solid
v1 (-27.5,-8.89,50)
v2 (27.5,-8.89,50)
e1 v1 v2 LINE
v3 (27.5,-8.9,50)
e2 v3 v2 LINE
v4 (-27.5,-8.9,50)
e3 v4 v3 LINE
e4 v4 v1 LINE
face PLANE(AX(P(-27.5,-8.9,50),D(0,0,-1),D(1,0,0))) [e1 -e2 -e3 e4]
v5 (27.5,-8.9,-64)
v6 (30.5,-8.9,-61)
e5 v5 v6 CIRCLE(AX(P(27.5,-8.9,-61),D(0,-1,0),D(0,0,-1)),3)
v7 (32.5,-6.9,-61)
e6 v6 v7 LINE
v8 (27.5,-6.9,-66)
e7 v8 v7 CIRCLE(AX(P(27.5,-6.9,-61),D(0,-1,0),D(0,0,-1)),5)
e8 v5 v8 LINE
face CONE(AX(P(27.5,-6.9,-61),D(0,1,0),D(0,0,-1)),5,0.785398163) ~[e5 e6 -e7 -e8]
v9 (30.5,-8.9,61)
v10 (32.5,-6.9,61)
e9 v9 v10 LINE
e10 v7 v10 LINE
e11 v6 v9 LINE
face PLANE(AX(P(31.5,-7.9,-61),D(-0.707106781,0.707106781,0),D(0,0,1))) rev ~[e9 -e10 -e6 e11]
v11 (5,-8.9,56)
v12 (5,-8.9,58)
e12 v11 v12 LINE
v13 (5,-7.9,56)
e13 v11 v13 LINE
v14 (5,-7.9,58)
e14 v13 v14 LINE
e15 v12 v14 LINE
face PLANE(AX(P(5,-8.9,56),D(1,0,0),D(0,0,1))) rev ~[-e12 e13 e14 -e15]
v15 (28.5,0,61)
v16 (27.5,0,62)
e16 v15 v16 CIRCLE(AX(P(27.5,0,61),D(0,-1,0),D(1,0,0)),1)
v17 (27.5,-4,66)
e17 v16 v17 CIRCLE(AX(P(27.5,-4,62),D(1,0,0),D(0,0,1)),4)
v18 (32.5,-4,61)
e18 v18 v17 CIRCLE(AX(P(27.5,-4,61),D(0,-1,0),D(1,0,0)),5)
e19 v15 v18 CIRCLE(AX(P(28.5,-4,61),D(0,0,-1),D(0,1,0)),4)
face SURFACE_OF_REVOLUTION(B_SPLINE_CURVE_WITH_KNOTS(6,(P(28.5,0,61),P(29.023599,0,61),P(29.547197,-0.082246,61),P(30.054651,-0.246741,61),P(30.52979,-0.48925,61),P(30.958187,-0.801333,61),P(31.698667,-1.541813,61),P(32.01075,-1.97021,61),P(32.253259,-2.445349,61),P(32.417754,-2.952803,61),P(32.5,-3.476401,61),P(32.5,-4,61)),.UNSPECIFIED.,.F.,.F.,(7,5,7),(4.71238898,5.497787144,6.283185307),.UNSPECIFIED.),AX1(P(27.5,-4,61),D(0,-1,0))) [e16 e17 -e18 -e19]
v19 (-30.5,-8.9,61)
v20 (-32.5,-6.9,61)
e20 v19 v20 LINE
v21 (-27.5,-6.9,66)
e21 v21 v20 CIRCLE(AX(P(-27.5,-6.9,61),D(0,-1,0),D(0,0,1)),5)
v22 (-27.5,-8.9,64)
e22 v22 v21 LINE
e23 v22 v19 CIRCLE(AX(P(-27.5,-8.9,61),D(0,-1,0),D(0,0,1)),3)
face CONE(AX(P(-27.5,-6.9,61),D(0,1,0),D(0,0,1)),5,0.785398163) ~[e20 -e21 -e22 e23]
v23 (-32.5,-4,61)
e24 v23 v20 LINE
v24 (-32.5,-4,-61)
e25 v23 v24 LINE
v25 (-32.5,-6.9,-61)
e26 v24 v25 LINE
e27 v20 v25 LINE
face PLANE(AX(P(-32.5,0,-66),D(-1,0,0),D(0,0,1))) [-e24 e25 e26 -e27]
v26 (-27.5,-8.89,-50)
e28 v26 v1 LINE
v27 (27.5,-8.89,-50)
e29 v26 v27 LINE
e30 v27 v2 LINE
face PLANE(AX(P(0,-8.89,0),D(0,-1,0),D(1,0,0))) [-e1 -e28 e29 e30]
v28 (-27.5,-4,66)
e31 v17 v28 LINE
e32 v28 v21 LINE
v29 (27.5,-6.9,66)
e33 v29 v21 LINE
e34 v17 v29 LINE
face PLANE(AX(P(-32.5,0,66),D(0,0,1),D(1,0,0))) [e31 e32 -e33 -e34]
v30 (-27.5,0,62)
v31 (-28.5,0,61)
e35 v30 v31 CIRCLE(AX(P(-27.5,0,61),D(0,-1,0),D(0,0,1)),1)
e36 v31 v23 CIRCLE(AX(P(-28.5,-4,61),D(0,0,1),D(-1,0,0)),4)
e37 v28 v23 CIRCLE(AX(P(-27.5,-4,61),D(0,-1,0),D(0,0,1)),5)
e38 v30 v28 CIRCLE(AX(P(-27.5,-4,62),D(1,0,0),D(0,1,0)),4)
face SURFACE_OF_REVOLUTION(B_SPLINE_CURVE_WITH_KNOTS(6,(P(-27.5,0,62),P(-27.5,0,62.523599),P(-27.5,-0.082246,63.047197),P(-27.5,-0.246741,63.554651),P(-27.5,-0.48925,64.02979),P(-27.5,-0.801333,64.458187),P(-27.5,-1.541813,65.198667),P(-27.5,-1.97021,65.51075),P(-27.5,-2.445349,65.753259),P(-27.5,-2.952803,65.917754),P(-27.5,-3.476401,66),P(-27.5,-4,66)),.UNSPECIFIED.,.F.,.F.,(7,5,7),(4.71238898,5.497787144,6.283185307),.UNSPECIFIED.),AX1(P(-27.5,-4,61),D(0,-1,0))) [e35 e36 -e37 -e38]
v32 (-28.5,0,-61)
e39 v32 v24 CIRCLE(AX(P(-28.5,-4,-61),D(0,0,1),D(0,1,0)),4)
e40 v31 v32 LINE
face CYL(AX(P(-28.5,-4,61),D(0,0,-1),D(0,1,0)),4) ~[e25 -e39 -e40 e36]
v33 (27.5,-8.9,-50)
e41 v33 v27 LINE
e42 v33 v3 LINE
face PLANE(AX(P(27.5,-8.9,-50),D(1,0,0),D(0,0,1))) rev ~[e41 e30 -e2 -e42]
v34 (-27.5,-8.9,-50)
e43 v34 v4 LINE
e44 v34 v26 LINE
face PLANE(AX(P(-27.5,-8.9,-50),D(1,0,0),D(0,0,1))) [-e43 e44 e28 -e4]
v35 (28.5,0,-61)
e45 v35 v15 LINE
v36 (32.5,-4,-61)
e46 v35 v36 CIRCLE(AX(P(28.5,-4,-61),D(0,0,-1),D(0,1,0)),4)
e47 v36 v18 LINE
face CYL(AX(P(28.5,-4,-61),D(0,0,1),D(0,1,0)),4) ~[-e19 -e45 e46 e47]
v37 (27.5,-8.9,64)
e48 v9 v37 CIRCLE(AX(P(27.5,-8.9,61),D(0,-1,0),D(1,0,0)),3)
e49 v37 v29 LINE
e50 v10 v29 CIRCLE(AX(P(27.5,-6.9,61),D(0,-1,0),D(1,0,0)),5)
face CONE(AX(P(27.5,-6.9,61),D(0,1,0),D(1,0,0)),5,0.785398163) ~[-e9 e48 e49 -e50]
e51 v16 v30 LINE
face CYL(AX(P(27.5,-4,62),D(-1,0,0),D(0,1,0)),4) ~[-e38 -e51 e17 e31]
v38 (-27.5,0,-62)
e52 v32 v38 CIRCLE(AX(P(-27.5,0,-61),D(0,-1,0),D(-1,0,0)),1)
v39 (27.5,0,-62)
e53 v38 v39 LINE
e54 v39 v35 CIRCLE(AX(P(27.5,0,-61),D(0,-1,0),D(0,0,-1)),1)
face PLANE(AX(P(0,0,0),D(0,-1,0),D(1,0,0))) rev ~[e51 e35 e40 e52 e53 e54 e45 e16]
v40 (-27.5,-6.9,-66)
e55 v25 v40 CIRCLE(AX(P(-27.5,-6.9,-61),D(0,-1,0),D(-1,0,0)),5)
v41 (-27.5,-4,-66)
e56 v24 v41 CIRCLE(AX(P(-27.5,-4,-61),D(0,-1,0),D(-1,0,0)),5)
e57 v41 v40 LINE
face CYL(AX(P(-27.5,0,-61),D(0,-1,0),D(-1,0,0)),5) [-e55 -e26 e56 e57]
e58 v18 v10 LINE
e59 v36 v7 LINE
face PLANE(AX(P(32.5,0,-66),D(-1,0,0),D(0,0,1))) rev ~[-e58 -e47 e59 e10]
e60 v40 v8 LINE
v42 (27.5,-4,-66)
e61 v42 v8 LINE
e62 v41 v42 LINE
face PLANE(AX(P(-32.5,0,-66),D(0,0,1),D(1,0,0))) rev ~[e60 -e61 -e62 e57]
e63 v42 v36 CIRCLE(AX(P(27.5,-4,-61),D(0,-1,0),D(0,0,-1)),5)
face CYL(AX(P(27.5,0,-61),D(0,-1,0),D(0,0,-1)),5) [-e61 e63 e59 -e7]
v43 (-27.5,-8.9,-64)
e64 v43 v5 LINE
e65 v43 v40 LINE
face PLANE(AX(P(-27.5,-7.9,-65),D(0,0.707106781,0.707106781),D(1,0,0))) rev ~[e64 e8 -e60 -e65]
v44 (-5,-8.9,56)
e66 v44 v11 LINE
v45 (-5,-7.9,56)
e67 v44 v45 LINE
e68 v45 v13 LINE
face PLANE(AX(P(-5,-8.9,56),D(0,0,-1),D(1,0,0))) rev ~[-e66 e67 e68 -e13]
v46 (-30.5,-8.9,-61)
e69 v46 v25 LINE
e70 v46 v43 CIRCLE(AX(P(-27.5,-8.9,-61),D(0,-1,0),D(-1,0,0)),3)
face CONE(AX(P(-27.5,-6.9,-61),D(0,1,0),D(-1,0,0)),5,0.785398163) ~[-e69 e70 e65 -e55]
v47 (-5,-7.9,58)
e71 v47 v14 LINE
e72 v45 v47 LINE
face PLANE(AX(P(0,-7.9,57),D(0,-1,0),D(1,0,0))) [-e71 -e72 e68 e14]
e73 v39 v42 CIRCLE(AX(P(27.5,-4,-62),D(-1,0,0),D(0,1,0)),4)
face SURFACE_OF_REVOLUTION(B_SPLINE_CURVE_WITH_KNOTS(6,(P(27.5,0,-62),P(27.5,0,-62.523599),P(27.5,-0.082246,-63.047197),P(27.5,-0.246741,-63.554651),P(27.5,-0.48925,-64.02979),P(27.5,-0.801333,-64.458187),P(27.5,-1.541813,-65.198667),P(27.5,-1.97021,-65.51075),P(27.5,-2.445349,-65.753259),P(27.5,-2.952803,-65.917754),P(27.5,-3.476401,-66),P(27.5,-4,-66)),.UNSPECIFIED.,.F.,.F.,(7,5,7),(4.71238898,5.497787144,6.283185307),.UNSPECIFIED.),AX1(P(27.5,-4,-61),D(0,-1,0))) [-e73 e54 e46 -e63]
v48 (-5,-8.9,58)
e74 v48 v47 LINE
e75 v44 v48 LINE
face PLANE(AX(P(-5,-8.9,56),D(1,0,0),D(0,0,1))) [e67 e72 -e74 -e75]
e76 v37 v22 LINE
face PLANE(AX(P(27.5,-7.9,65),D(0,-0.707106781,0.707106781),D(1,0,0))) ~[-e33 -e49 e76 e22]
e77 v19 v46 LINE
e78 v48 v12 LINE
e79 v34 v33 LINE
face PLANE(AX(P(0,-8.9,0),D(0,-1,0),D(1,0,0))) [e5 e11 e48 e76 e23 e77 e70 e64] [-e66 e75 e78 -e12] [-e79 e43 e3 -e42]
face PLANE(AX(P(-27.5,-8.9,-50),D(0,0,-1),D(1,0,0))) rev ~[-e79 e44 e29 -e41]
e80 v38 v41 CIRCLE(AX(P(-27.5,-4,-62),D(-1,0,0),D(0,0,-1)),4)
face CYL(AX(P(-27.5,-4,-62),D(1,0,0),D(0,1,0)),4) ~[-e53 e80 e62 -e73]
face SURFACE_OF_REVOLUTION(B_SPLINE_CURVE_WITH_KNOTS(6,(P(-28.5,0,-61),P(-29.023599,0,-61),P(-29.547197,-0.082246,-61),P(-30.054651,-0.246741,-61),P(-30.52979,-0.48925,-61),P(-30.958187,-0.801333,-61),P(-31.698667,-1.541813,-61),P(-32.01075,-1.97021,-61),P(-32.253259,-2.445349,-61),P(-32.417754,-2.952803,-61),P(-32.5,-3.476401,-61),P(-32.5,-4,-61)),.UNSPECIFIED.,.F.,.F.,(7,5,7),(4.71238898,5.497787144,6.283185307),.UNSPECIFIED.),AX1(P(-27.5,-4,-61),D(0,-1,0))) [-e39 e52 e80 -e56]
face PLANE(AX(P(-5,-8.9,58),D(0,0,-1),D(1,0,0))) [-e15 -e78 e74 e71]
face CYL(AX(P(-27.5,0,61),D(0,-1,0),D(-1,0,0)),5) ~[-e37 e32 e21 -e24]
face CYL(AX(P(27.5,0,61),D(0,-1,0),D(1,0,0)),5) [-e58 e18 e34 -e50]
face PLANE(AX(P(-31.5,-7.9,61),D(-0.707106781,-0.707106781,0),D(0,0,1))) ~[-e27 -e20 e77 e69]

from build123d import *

# Parameters (mm, degrees)
F0_W     = 65
F0_H     = 132
F1_DEPTH = 8.9
F2_R     = 5
F3_R     = 4
F4_SIZE  = 2
F6_W     = 55
F6_H     = 100
F7_DEPTH = 0.01
F8_W     = 10
F8_H     = 2
F9_DEPTH = 1


with BuildPart() as f1:
    # F0 (on Front) → F1 (new body)
    with BuildSketch(Plane.XZ):
        Rectangle(F0_W, F0_H)
    extrude(amount=F1_DEPTH)

    # F2
    f2_edges = [f1.edges().sort_by_distance(p)[0] for p in [
        (-32.5, -4.45, 66),
        (32.5, -4.45, 66),
        (32.5, -4.45, -66),
        (-32.5, -4.45, -66),
    ]]
    fillet(f2_edges, radius=F2_R)

    # F3
    f3_edges = [f1.edges().sort_by_distance(p)[0] for p in [
        (32.5, 0, 0),
    ]]
    fillet(f3_edges, radius=F3_R)

    # F4
    f4_edges = [f1.edges().sort_by_distance(p)[0] for p in [
        (32.5, -8.9, 0),
    ]]
    chamfer(f4_edges, length=F4_SIZE)

    # F6 (on face) → F7 (cut)
    with BuildSketch(Plane.XZ.offset(8.9)):
        Rectangle(F6_W, F6_H)
    extrude(amount=-F7_DEPTH, mode=Mode.SUBTRACT)

    # F8 (on face) → F9 (cut)
    with BuildSketch(Plane.XZ.offset(8.9)):
        with Locations((0, 57)):
            Rectangle(F8_W, F8_H)
    extrude(amount=-F9_DEPTH, mode=Mode.SUBTRACT)


solid = f1.part
